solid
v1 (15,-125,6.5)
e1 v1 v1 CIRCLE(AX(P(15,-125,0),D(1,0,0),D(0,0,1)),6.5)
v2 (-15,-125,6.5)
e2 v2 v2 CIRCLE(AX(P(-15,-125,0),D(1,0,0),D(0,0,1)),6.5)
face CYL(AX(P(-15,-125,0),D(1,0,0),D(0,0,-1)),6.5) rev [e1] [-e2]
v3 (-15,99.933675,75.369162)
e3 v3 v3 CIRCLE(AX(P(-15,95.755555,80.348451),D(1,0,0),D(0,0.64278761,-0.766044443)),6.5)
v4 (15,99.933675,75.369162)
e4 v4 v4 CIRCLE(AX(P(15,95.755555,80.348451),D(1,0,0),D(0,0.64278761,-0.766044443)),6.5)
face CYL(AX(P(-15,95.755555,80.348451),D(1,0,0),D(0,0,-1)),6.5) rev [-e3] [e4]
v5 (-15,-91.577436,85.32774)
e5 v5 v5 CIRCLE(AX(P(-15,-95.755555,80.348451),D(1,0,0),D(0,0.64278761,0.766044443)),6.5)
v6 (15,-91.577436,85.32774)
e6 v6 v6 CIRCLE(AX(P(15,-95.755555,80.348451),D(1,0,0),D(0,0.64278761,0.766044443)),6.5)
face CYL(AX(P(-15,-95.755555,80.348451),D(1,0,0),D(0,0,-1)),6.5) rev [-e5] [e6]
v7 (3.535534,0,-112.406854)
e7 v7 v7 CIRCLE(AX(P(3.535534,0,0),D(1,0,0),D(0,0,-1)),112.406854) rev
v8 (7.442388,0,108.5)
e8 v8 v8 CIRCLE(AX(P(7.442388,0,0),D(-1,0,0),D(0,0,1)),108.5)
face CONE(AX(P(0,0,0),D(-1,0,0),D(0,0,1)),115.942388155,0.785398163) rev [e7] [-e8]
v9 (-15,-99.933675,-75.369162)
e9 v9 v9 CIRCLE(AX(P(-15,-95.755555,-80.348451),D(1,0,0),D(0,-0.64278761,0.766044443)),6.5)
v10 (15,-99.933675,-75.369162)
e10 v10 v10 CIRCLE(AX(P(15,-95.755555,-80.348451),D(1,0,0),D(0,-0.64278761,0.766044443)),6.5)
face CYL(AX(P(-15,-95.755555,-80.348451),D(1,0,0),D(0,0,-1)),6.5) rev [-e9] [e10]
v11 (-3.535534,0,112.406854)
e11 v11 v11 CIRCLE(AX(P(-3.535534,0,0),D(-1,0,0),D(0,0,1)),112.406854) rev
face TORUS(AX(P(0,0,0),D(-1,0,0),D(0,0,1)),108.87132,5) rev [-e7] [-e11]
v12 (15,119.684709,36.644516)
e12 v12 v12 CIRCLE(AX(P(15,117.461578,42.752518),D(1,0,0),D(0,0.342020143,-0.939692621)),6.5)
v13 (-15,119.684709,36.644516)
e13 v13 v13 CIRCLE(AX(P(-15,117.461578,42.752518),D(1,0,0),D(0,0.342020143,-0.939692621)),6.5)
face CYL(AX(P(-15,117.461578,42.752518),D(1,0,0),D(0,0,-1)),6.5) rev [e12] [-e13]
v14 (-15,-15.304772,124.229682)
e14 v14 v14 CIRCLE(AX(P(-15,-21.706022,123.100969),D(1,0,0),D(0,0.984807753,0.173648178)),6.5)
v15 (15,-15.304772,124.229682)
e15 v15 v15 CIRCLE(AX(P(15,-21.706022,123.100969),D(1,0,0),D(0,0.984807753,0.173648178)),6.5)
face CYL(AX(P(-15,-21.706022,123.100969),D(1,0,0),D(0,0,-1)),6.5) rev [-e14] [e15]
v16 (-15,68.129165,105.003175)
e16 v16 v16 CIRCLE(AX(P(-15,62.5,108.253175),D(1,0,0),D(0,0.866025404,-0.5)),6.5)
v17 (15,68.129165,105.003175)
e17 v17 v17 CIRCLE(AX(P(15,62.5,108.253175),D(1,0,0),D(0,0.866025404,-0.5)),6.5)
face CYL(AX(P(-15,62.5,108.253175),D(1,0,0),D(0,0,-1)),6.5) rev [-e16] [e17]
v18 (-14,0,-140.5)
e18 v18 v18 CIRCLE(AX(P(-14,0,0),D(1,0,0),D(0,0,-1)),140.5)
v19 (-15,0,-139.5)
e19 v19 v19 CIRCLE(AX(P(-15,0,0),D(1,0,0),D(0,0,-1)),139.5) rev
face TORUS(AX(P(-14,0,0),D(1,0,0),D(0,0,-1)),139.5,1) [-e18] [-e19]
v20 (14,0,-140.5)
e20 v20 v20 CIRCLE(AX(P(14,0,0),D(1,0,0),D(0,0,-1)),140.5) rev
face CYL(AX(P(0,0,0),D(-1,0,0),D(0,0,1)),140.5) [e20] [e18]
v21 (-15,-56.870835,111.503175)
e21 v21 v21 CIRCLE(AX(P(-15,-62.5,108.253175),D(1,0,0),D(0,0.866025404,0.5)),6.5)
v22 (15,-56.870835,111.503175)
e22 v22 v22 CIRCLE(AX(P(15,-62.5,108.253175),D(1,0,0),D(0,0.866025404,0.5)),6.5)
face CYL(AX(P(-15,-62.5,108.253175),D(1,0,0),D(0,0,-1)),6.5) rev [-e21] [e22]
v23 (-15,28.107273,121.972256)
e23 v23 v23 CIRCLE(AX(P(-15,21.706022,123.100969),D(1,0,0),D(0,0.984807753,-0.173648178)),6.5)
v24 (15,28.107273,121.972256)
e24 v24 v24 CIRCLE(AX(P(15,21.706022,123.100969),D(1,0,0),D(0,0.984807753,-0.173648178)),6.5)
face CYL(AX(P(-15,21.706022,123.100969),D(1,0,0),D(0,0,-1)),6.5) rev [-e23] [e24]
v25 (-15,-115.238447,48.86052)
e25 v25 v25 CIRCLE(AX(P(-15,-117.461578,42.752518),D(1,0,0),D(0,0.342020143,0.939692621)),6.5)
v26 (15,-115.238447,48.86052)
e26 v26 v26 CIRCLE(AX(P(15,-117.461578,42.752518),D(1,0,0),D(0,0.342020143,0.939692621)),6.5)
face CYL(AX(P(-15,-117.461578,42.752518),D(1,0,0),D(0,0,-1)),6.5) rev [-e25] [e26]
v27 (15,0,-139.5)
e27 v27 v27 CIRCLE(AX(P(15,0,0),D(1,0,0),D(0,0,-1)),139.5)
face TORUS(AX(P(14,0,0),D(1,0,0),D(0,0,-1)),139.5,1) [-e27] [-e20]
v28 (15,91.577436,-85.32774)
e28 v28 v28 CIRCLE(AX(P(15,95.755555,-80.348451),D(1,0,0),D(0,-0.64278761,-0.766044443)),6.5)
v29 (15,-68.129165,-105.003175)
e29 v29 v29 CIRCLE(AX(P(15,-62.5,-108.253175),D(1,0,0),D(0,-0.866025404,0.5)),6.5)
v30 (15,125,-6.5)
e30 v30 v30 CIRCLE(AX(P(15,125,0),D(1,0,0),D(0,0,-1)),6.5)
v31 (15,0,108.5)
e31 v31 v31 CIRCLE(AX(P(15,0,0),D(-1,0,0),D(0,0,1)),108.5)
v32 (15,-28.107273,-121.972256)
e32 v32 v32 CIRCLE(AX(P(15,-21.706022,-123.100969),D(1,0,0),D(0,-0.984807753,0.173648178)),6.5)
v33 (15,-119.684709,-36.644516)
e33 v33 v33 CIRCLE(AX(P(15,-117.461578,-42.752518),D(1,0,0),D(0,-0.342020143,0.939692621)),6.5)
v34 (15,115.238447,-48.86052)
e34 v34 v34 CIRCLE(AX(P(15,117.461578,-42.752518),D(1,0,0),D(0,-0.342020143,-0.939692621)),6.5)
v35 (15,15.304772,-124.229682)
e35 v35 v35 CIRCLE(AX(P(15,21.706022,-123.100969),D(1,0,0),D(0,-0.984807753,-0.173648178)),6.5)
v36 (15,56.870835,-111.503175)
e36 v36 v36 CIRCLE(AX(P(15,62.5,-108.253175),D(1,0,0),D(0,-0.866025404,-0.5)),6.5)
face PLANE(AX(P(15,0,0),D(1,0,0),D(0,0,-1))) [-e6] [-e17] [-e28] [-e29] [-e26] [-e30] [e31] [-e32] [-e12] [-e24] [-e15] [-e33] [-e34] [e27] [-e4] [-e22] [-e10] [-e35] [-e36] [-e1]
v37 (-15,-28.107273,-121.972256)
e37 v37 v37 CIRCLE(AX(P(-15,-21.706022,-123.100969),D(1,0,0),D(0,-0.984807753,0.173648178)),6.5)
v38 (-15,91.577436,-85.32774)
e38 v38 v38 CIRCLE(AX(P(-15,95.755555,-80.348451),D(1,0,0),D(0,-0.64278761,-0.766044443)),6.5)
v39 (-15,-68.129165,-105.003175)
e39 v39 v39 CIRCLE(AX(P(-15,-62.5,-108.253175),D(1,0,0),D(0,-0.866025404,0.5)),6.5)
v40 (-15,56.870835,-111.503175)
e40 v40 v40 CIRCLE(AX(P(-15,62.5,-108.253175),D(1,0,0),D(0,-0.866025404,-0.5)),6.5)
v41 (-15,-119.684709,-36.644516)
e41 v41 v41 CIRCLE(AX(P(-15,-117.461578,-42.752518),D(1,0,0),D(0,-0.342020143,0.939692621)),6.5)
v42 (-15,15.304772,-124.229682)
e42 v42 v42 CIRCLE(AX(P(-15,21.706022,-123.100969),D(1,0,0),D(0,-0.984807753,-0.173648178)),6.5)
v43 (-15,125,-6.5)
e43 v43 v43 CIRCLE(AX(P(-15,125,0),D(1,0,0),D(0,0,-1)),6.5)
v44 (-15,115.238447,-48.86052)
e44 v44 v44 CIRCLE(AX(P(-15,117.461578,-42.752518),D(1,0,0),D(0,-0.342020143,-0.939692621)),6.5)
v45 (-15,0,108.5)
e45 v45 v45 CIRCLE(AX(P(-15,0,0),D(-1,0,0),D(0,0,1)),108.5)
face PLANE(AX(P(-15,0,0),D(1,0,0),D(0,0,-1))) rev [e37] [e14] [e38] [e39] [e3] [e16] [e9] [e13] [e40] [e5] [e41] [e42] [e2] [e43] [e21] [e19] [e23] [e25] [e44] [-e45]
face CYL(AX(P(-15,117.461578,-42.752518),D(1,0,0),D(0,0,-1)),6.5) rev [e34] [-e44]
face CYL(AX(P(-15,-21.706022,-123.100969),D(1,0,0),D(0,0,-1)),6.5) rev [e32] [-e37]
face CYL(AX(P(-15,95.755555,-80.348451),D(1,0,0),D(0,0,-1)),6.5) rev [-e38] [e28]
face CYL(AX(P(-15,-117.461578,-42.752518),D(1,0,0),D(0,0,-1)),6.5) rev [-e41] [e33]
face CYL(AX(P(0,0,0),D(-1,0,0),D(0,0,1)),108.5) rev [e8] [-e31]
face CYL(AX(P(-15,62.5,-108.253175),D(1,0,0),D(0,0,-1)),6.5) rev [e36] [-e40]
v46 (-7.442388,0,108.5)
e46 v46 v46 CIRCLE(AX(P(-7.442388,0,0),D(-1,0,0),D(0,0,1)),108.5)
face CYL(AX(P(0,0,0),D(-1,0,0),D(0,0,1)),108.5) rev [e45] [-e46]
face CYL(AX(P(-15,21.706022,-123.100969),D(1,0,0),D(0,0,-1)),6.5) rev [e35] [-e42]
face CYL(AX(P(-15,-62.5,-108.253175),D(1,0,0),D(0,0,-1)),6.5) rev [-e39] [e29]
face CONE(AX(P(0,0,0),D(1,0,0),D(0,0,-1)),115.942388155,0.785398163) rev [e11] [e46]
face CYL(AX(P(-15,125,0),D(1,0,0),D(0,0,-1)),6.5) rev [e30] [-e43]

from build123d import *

# Parameters (mm, degrees)
FILLET1_R          = 1
FILLET2_R          = 5
SKETCH2_R          = 6.5
CUT_EXTRUDE2_DEPTH = 201.948998659
CIRPATTERN1_COUNT  = 18


with BuildPart() as part:
    # Sketch1 → Revolve1 (revolve)
    with BuildSketch(Plane.XY):
        Polygon((-7.442388155, 108.5), (0, 115.942388155), (7.442388155, 108.5), (15, 108.5), (15, 140.5), (-15, 140.5), (-15, 108.5), align=None)
    revolve(axis=Axis((0, 0, 0), (1, 0, 0)))

    # Fillet1
    fillet1_edges = [part.edges().sort_by_distance(p)[0] for p in [
        (15, -140.5, 0),
        (-15, -140.5, 0),
    ]]
    fillet(fillet1_edges, radius=FILLET1_R)

    # Fillet2
    fillet2_edges = [part.edges().sort_by_distance(p)[0] for p in [
        (0, -115.942388155, 0),
    ]]
    fillet(fillet2_edges, radius=FILLET2_R)

    # Sketch2 → Cut-Extrude2 (cut, through all)
    with BuildSketch(Plane(origin=(15, 0, 0), x_dir=(0, 0, -1), z_dir=(1, 0, 0))):
        with Locations((0, 125)):
            Circle(SKETCH2_R)
    cut_extrude2 = extrude(amount=-CUT_EXTRUDE2_DEPTH, mode=Mode.SUBTRACT)

    # CirPattern1: Cut-Extrude2 ×18 about axis
    cirpattern1_axis = Axis((14, 0, 0), (-1, 0, 0))
    for i in range(1, CIRPATTERN1_COUNT):
        add(cut_extrude2.rotate(cirpattern1_axis, i * 360 / CIRPATTERN1_COUNT), mode=Mode.SUBTRACT)


solid = part.part
